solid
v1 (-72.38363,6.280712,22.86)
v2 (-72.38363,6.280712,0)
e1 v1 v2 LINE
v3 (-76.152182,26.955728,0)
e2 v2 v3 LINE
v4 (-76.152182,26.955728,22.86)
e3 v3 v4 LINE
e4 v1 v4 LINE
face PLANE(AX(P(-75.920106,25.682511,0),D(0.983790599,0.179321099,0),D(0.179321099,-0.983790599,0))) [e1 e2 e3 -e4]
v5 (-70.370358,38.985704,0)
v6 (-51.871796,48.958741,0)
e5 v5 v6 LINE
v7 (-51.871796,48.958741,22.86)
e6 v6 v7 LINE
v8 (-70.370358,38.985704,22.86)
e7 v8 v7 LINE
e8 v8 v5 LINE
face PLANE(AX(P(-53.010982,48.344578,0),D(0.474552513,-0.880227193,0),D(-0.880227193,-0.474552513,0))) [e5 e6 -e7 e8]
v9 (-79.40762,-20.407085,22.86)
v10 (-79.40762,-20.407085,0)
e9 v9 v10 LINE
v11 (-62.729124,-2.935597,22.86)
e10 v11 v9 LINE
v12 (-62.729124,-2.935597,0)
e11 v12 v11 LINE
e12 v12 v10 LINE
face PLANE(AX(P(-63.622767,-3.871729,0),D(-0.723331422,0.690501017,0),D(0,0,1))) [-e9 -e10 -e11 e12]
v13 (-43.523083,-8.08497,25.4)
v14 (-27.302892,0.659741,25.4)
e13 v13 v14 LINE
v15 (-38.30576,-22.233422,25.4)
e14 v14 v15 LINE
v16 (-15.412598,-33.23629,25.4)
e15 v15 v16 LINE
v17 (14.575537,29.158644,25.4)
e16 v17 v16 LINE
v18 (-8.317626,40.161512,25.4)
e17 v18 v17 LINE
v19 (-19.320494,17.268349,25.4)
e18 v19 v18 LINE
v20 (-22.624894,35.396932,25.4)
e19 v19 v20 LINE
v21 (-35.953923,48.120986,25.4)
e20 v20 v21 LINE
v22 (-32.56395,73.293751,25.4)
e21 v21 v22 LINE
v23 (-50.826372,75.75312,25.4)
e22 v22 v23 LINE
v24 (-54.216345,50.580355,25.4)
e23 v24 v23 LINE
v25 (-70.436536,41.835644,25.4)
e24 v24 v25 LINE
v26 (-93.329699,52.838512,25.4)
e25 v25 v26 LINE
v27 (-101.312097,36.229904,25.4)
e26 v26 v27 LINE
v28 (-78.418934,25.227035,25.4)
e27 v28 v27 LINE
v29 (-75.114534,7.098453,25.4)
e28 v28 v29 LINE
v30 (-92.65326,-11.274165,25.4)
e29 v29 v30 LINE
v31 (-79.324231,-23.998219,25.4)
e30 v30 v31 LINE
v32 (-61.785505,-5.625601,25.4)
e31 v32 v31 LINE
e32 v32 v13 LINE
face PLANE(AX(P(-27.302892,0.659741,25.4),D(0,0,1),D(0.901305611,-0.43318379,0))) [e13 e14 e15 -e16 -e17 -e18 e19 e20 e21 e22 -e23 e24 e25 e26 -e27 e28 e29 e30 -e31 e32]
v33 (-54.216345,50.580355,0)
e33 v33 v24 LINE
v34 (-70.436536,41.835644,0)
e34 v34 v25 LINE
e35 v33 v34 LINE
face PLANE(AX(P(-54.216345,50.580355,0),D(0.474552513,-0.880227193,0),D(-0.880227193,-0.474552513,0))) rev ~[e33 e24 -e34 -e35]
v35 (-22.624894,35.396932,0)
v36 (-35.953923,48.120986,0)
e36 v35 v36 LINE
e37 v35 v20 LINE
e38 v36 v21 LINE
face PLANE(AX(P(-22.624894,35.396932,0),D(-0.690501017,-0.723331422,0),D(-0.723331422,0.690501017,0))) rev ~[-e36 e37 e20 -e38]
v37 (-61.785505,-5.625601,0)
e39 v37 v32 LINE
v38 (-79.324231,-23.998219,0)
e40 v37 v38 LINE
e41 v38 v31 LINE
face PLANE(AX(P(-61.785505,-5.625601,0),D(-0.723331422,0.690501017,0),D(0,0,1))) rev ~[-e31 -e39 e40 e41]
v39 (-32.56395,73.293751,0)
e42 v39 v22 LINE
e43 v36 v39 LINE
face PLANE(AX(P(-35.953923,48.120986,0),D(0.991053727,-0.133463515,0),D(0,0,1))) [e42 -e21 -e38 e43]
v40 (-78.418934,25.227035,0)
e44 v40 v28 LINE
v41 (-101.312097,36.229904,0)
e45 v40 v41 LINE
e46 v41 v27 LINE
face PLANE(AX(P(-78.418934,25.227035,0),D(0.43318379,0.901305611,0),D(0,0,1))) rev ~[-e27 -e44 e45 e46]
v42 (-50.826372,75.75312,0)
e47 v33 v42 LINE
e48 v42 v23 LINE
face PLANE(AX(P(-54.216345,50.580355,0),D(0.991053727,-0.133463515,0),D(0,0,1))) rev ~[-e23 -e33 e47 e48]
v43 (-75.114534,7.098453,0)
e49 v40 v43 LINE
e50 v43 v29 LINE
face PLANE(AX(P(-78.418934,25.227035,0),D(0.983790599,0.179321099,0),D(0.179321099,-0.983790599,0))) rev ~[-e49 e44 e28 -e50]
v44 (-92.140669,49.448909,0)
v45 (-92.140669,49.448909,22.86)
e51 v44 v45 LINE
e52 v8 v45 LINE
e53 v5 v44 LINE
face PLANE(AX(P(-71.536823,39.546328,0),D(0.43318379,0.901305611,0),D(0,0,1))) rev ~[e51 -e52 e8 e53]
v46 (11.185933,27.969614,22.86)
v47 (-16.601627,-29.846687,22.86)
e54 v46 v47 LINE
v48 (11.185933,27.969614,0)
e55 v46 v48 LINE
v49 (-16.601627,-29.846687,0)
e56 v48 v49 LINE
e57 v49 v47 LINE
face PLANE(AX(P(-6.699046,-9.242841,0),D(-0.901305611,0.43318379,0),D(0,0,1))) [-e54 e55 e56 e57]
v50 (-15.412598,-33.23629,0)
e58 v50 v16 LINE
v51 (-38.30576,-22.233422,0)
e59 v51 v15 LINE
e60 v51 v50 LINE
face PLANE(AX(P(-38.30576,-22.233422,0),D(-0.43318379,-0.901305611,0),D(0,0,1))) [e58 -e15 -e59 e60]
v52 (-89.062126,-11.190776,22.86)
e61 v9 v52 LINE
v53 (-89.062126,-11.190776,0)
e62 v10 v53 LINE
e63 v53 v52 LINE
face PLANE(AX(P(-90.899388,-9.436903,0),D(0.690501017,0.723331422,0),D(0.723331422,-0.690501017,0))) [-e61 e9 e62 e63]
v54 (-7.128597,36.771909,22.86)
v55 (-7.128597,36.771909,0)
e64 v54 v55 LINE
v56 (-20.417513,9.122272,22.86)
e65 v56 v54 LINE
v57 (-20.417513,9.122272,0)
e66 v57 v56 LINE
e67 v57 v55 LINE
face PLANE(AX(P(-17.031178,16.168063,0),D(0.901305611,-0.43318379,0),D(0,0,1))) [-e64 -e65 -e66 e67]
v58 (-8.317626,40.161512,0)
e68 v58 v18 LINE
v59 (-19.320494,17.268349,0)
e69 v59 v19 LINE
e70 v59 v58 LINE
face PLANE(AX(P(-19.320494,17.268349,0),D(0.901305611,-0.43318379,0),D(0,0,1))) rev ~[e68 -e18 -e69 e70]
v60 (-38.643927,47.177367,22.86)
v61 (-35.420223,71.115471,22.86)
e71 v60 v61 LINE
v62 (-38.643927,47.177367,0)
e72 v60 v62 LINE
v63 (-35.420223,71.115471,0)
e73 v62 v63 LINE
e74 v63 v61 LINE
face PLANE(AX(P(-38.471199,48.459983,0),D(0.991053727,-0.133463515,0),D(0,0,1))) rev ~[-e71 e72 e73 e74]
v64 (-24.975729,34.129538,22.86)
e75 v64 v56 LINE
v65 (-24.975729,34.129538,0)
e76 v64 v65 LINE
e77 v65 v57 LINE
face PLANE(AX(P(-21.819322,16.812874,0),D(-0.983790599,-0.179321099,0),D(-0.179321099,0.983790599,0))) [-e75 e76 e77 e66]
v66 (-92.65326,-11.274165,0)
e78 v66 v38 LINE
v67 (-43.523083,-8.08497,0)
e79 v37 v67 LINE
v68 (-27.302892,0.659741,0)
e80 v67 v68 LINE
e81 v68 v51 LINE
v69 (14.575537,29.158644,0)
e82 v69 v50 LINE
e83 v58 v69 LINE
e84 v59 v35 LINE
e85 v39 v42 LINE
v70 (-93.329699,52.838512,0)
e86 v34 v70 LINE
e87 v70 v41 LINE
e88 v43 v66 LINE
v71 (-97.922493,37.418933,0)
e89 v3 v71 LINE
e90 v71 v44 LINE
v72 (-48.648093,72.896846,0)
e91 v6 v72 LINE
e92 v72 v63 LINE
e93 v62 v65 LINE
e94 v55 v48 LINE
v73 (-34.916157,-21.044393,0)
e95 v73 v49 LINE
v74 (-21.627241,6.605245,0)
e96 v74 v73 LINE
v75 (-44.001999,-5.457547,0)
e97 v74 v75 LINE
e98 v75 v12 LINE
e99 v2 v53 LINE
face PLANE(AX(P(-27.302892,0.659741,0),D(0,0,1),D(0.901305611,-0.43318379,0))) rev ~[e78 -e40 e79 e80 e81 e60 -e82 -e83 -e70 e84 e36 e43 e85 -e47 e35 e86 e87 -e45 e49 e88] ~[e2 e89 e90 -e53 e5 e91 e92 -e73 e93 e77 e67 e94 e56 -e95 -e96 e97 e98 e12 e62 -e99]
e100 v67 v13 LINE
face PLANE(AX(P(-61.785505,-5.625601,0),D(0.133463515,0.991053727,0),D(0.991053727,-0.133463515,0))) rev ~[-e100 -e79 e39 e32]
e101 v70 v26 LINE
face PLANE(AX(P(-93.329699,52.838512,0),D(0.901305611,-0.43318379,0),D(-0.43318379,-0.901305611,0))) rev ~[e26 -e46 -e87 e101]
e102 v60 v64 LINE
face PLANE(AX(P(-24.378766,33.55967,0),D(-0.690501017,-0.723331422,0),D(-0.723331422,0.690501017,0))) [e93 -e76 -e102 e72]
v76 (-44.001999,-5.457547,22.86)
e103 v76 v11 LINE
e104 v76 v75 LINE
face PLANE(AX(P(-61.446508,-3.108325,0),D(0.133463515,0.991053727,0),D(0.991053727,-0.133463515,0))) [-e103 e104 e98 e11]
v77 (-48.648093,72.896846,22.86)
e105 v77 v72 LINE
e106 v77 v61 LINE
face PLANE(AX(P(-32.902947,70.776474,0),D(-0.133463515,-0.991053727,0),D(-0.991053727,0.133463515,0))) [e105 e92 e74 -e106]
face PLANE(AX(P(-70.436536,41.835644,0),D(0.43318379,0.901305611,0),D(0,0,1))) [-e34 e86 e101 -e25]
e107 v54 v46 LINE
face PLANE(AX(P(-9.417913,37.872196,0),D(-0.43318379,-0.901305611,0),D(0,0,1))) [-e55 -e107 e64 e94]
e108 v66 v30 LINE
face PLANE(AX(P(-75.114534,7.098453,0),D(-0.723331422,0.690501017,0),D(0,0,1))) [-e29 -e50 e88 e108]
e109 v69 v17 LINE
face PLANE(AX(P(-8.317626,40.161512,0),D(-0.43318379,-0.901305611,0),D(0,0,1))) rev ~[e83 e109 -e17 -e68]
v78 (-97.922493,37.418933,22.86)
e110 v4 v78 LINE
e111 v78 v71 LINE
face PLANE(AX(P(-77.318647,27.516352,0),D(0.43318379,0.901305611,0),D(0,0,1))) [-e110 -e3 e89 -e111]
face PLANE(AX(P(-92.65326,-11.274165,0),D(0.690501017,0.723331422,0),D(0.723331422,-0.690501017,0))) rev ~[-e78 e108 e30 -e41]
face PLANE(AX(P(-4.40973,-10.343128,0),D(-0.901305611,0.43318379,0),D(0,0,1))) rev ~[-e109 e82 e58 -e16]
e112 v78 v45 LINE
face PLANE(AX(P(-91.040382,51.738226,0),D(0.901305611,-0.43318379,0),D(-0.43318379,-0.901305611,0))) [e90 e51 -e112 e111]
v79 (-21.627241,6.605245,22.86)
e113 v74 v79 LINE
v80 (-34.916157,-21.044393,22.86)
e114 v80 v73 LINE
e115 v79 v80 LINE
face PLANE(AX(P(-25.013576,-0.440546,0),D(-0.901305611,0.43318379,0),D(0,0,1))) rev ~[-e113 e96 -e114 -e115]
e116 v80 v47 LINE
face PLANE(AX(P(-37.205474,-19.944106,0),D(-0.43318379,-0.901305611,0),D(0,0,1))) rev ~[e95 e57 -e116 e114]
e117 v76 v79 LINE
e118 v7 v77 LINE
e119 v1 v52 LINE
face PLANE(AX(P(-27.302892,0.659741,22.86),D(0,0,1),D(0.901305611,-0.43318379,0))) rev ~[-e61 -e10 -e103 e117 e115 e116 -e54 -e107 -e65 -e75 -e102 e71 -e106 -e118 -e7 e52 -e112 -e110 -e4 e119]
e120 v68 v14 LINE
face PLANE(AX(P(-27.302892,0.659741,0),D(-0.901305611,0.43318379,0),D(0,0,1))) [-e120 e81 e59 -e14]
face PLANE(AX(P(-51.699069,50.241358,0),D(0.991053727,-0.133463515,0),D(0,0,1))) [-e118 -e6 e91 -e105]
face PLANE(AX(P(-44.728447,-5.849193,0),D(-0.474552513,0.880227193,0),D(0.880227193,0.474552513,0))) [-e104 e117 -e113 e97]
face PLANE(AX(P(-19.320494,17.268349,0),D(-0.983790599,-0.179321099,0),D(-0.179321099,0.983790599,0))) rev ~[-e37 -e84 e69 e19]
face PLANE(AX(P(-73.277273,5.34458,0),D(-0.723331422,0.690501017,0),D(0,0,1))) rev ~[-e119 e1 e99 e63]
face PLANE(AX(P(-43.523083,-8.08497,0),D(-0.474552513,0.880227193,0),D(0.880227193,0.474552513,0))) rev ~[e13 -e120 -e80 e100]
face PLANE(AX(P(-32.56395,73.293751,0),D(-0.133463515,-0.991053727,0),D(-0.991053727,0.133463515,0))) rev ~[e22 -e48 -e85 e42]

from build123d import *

# Parameters (mm, degrees)
F1_DEPTH = 25.4
F2_DEPTH = 25.4
F3_DEPTH = 25.4
F4_DEPTH = 25.4
F5_DEPTH = 25.4
F6_DEPTH = 25.4
F7_DEPTH = 25.4
F8_T     = -2.54


with BuildPart() as f1:
    # F0 (on Top) → F1 (new body)
    with BuildSketch(Plane.XY):
        Polygon((-27.3028922139, 0.6597405798), (-19.3204942288, 17.2683493668), (-22.6248939091, 35.3969319419), (-35.9539228893, 48.1209859294), (-54.216345136, 50.5803551806), (-70.4365360679, 41.8356442326), (-78.418934053, 25.2270354456), (-75.1145343727, 7.0984528704), (-61.7855053925, -5.625601117), (-43.5230831457, -8.0849703683), align=None)
    extrude(amount=F1_DEPTH)

    # F2 (add): a face of the model
    f2_faces = [f1.faces().sort_by_distance(p)[0] for p in [
        (-23.3116932213, 8.9640449733, 12.7),
    ]]
    extrude(f2_faces, amount=F2_DEPTH)

    # F3 (add): a face of the model
    f3_faces = [f1.faces().sort_by_distance(p)[0] for p in [
        (-74.4277350605, 33.5313398391, 12.7),
    ]]
    extrude(f3_faces, amount=F3_DEPTH)

    # F4 (add): a face of the model
    f4_faces = [f1.faces().sort_by_distance(p)[0] for p in [
        (-68.4500198826, 0.7364258767, 12.7),
    ]]
    extrude(f4_faces, amount=F4_DEPTH)

    # F5 (add): a face of the model
    f5_faces = [f1.faces().sort_by_distance(p)[0] for p in [
        (-45.0851340127, 49.350670555, 12.7),
    ]]
    extrude(f5_faces, amount=F5_DEPTH)

    # F6 (add): a face of the model
    f6_faces = [f1.faces().sort_by_distance(p)[0] for p in [
        (-7.8739129687, 11.7669152395, 12.7),
    ]]
    extrude(f6_faces, amount=F6_DEPTH)

    # F7 (add): a face of the model
    f7_faces = [f1.faces().sort_by_distance(p)[0] for p in [
        (-15.8563109538, -4.8416935475, 12.7),
    ]]
    extrude(f7_faces, amount=F7_DEPTH)

    # F8
    f8_openings = [f1.faces().sort_by_distance(p)[0] for p in [
        (-42.455515, 18.164912, 0),
    ]]
    offset(amount=F8_T, openings=f8_openings, kind=Kind.INTERSECTION)


solid = f1.part
